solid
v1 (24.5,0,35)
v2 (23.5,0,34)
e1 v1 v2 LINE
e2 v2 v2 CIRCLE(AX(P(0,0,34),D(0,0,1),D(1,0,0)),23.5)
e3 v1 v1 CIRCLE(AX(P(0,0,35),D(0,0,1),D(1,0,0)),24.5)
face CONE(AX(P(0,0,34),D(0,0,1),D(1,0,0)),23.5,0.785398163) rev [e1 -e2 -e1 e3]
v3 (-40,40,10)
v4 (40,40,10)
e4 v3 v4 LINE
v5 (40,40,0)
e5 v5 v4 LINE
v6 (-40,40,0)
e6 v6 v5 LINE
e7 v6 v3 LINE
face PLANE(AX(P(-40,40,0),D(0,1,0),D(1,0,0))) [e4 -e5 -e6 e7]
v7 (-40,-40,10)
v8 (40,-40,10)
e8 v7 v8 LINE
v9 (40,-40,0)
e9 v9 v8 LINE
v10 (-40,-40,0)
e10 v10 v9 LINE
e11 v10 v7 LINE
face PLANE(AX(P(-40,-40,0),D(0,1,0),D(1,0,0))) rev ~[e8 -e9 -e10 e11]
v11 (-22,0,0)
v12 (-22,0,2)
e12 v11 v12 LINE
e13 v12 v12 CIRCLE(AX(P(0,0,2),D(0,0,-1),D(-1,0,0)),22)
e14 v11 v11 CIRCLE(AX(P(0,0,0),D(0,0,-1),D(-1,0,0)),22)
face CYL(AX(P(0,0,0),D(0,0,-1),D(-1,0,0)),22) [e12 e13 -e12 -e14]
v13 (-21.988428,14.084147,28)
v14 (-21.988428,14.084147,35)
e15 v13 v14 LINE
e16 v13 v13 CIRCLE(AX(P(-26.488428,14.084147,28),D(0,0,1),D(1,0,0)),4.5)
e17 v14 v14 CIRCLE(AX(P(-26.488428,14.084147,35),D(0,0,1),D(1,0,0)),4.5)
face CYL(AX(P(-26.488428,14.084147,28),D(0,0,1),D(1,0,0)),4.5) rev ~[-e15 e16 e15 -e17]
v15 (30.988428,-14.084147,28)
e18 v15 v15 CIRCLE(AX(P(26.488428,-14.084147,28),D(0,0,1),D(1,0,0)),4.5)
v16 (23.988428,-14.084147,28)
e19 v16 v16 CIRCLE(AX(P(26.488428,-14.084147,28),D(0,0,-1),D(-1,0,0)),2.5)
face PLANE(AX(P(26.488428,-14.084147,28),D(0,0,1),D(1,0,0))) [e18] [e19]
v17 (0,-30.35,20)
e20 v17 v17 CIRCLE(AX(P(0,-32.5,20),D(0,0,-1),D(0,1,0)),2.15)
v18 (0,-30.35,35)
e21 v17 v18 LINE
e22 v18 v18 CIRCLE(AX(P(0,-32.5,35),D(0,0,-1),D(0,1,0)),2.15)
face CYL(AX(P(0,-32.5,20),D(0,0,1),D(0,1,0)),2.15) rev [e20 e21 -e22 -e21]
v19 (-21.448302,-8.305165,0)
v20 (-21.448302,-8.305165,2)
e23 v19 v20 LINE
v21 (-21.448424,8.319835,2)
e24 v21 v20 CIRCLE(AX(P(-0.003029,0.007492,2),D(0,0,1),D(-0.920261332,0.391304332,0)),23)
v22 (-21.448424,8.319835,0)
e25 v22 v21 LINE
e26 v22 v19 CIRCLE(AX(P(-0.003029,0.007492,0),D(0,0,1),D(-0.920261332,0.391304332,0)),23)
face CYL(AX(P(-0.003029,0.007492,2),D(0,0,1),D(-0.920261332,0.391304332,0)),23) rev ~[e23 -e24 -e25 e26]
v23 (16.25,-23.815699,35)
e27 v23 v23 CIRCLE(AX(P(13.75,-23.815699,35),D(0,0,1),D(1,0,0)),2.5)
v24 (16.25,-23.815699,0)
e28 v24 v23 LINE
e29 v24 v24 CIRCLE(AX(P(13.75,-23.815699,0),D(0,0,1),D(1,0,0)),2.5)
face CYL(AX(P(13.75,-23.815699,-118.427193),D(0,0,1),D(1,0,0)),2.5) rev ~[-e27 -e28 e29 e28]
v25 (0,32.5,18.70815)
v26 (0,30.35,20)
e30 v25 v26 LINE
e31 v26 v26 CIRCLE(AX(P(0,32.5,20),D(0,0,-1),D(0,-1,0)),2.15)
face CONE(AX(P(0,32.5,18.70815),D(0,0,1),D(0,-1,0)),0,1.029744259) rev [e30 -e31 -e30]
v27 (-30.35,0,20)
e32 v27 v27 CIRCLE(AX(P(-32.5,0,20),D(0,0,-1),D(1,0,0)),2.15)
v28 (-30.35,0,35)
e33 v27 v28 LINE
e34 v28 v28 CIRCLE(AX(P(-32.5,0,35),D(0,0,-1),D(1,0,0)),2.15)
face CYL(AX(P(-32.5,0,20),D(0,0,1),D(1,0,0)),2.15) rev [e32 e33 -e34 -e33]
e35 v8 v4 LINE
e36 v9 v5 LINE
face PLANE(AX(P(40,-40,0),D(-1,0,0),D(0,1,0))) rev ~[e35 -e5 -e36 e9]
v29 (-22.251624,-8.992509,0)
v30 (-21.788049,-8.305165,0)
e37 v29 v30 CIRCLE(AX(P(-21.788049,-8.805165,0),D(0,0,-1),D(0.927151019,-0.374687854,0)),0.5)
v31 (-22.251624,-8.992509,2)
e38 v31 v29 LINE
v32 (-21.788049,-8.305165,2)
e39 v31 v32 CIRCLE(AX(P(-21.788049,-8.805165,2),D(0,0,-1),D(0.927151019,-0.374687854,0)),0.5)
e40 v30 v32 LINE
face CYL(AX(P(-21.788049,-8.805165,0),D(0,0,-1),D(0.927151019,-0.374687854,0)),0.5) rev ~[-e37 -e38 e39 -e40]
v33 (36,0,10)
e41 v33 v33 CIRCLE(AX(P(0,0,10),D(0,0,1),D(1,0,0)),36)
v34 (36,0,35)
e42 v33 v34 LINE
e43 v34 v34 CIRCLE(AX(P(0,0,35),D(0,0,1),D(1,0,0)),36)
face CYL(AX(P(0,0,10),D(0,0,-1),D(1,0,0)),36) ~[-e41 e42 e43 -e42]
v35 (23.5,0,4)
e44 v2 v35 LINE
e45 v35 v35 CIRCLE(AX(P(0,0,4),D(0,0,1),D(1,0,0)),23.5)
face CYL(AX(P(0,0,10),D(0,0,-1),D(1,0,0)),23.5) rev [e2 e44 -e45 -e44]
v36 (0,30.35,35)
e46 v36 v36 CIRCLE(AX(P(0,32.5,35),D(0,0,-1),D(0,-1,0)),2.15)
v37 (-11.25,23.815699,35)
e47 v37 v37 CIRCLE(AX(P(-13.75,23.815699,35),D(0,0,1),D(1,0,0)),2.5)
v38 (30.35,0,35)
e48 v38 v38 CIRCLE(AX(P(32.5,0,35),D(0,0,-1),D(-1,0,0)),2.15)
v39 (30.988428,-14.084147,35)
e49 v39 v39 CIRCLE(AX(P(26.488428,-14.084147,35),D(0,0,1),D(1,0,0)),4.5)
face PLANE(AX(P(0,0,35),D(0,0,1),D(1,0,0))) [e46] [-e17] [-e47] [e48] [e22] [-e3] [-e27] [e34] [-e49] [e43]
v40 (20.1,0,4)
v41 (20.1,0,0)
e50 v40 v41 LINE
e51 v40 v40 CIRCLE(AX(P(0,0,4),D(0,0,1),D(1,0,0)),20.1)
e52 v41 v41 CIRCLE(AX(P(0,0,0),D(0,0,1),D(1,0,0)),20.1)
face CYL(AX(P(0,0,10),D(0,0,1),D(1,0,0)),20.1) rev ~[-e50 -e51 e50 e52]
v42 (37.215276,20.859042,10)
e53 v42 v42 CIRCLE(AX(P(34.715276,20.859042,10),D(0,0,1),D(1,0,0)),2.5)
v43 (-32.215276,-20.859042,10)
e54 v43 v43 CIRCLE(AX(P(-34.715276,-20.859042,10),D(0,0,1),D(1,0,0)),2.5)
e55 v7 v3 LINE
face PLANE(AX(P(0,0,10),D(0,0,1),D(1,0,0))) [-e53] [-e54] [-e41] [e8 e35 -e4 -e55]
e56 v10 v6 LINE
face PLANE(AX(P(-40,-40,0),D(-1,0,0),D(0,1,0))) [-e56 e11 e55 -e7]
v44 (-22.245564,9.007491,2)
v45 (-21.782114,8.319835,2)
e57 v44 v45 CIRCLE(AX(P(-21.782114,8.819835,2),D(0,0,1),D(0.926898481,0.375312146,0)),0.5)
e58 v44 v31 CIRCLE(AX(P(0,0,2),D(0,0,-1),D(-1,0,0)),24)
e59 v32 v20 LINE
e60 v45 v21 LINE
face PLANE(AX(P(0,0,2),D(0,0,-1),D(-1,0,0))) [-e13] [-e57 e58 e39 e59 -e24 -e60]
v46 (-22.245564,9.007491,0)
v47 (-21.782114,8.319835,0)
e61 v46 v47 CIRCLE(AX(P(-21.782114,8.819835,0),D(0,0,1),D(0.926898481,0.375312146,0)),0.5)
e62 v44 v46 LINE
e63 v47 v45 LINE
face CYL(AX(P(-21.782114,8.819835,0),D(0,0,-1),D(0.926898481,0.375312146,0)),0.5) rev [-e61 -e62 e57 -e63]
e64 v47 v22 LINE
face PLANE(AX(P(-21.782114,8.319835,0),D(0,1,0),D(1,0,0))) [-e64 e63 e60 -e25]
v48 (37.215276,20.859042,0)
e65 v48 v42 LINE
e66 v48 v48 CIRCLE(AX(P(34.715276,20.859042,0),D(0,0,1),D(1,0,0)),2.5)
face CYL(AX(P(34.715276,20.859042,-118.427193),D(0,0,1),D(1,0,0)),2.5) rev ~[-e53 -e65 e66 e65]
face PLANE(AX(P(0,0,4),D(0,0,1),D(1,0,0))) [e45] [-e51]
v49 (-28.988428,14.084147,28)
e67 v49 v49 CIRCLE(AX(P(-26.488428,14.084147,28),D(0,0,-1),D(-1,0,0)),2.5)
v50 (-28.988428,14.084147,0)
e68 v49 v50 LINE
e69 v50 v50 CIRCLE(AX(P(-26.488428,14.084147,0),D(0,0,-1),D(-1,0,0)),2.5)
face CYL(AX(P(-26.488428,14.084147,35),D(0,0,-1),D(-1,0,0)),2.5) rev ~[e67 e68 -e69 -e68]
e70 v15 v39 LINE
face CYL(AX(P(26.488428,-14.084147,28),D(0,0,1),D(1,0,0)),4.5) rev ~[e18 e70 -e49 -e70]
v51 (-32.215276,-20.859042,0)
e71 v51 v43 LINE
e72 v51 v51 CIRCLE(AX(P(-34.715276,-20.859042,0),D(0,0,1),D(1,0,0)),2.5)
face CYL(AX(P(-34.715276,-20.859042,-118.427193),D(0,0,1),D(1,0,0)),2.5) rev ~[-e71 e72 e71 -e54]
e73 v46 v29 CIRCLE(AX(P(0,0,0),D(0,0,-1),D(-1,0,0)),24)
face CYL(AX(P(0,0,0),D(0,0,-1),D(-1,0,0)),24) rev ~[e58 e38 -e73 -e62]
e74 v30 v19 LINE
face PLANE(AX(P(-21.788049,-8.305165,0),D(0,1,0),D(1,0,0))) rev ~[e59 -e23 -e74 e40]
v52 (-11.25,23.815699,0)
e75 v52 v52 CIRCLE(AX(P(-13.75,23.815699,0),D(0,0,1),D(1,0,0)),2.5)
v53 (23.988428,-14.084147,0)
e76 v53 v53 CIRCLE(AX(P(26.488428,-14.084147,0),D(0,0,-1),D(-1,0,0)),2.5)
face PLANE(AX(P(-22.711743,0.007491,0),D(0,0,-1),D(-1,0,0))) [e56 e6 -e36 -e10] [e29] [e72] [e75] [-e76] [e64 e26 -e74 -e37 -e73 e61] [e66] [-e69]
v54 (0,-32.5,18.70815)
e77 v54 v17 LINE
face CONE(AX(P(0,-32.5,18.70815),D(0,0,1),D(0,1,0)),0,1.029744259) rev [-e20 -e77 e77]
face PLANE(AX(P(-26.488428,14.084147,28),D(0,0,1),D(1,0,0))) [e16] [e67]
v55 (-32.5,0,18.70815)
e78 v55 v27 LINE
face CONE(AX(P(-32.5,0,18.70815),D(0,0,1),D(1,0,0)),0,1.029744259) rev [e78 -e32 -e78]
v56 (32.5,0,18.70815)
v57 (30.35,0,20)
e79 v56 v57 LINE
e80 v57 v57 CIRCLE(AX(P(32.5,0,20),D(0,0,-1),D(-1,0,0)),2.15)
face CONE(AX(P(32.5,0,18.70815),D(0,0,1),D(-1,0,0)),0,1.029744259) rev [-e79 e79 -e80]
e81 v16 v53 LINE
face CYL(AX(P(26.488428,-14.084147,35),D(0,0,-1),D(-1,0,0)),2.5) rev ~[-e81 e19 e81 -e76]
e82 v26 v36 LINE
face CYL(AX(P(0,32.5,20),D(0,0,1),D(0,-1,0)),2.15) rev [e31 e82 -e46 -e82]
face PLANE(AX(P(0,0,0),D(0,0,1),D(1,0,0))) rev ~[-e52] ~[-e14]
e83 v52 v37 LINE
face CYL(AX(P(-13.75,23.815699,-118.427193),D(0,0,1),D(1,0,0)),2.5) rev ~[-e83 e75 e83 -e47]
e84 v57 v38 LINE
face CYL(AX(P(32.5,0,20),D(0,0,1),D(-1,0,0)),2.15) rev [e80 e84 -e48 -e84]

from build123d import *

# Parameters (mm, degrees)
SKIZZE1_W                                            = 80
SKIZZE1_H                                            = 80
AUFSATZ_LINEAR_AUSTRAGEN1_DEPTH                      = 10
SKIZZE16_R                                           = 20.1
SCHNITT_LINEAR_AUSTRAGEN1_DEPTH                      = 11
SKIZZE17_R                                           = 36
SKIZZE17_R_2                                         = 23.5
AUFSATZ_LINEAR_AUSTRAGEN2_DEPTH                      = 25
KREISMUSTER1_COUNT                                   = 4
FASE1_SIZE                                           = 1
F_5_0_5_DURCHMESSER_BOHRUNG1_D                       = 5
STIRNSENKUNG_F_R_M5_ZYLINDERSCHRAUBE_MIT_D           = 5
STIRNSENKUNG_F_R_M5_ZYLINDERSCHRAUBE_MIT_CBORE_D     = 9
STIRNSENKUNG_F_R_M5_ZYLINDERSCHRAUBE_MIT_CBORE_DEPTH = 7
SKIZZE39_R                                           = 23.5
SKIZZE39_R_2                                         = 20.1
SCHNITT_LINEAR_AUSTRAGEN2_DEPTH                      = 6
SKIZZE40_R                                           = 24
SKIZZE40_R_2                                         = 22
SCHNITT_LINEAR_AUSTRAGEN3_DEPTH                      = 2
AUFSATZ_LINEAR_AUSTRAGEN3_DEPTH                      = 2
SCHNITT_LINEAR_AUSTRAGEN4_DEPTH                      = 2


with BuildPart() as part:
    # Skizze1 → Aufsatz-Linear austragen1 (new body)
    with BuildSketch(Plane.XY):
        Rectangle(SKIZZE1_W, SKIZZE1_H)
    extrude(amount=AUFSATZ_LINEAR_AUSTRAGEN1_DEPTH)

    # Skizze16 → Schnitt-Linear austragen1 (cut, through all)
    with BuildSketch(Plane.XY.offset(10)):
        Circle(SKIZZE16_R)
    extrude(amount=-SCHNITT_LINEAR_AUSTRAGEN1_DEPTH, mode=Mode.SUBTRACT)

    # Skizze17 → Aufsatz-Linear austragen2 (add)
    with BuildSketch(Plane.XY.offset(10)):
        Circle(SKIZZE17_R)
        Circle(SKIZZE17_R_2, mode=Mode.SUBTRACT)
    extrude(amount=AUFSATZ_LINEAR_AUSTRAGEN2_DEPTH)

    # Skizze21 → Ø4.3 (4.3) Durchmesser Bohrung1 (revolve, cut)
    with BuildSketch(Plane(origin=(0, 32.5, 35), x_dir=(0, -1, 0), z_dir=(1, 0, 0))):
        Polygon((0, 0), (0, 16.291850331), (2.15, 15), (2.15, 0), align=None)
    f_4_3_4_3_durchmesser_bohrung1 = revolve(axis=Axis((0, 32.5, 41.35), (0, 0, -1)), mode=Mode.SUBTRACT)

    # Kreismuster1: Ø4.3 (4.3) Durchmesser Bohrung1 ×4 about axis
    kreismuster1_axis = Axis((0, 0, 0), (0, 0, 1))
    for i in range(1, KREISMUSTER1_COUNT):
        add(f_4_3_4_3_durchmesser_bohrung1.rotate(kreismuster1_axis, i * 360 / KREISMUSTER1_COUNT), mode=Mode.SUBTRACT)

    # Fase1
    fase1_edges = [part.edges().sort_by_distance(p)[0] for p in [
        (-23.5, 0, 35),
    ]]
    chamfer(fase1_edges, length=FASE1_SIZE)

    # Ø5.0 (5) Durchmesser Bohrung1 (through all)
    with Locations(Plane(origin=(0, 0, 0), x_dir=(-1, 0, 0), z_dir=(0, 0, -1))):
        with Locations((34.715275678, -20.859042034), (-13.75, -23.815698604), (13.75, 23.815698604), (-34.715275678, 20.859042034)):
            Hole(F_5_0_5_DURCHMESSER_BOHRUNG1_D / 2)

    # Stirnsenkung für M5 Zylinderschraube mit Innensechskant1 (through all)
    with Locations(Plane.XY.offset(35)):
        with Locations((-26.488427786, 14.084146884), (26.488427786, -14.084146884)):
            CounterBoreHole(STIRNSENKUNG_F_R_M5_ZYLINDERSCHRAUBE_MIT_D / 2, STIRNSENKUNG_F_R_M5_ZYLINDERSCHRAUBE_MIT_CBORE_D / 2, STIRNSENKUNG_F_R_M5_ZYLINDERSCHRAUBE_MIT_CBORE_DEPTH)

    # Skizze39 → Schnitt-Linear austragen2 (cut)
    with BuildSketch(Plane.XY.offset(10)):
        Circle(SKIZZE39_R)
        Circle(SKIZZE39_R_2, mode=Mode.SUBTRACT)
    extrude(amount=-SCHNITT_LINEAR_AUSTRAGEN2_DEPTH, mode=Mode.SUBTRACT)

    # Skizze40 → Schnitt-Linear austragen3 (cut)
    with BuildSketch(Plane(origin=(0, 0, 0), x_dir=(-1, 0, 0), z_dir=(0, 0, -1))):
        Circle(SKIZZE40_R)
        Circle(SKIZZE40_R_2, mode=Mode.SUBTRACT)
    extrude(amount=-SCHNITT_LINEAR_AUSTRAGEN3_DEPTH, mode=Mode.SUBTRACT)

    # Skizze41 → Aufsatz-Linear austragen3 (add)
    with BuildSketch(Plane(origin=(0, 0, 2), x_dir=(-1, 0, 0), z_dir=(0, 0, -1))):
        with BuildLine():
            Line((21.16903947, -8.992508512), (22.25162445, -8.992508512))
            ThreePointArc((22.25162445, -8.992508512), (24.003029137, 0.007491459), (22.251624746, 9.007491488))
            Line((22.251624746, 9.007491488), (21.169039781, 9.007491488))
            ThreePointArc((21.169039781, 9.007491488), (23.003029137, 0.007491456), (21.16903947, -8.992508512))
        make_face()
    extrude(amount=AUFSATZ_LINEAR_AUSTRAGEN3_DEPTH)

    # Skizze42 → Schnitt-Linear austragen4 (cut)
    with BuildSketch(Plane(origin=(0, 0, 0), x_dir=(-1, 0, 0), z_dir=(0, 0, -1))):
        with BuildLine():
            Line((21.431430131, -8.305164585), (21.16903947, -8.992508512))
            Line((21.16903947, -8.992508512), (21.324473431, -8.992508512))
            ThreePointArc((21.324473431, -8.992508512), (22.202579979, -9.084742871), (21.788048941, -8.305164585))
            Line((21.788048941, -8.305164585), (21.431430131, -8.305164585))
        make_face()
        with BuildLine():
            Line((21.782114297, 8.319835415), (21.431430131, 8.319835415))
            Line((21.431430131, 8.319835415), (21.169039781, 9.007491488))
            Line((21.169039781, 9.007491488), (21.318665057, 9.007491488))
            ThreePointArc((21.318665057, 9.007491488), (22.196739451, 9.099274106), (21.782114297, 8.319835415))
        make_face()
    extrude(amount=-SCHNITT_LINEAR_AUSTRAGEN4_DEPTH, mode=Mode.SUBTRACT)


solid = part.part
